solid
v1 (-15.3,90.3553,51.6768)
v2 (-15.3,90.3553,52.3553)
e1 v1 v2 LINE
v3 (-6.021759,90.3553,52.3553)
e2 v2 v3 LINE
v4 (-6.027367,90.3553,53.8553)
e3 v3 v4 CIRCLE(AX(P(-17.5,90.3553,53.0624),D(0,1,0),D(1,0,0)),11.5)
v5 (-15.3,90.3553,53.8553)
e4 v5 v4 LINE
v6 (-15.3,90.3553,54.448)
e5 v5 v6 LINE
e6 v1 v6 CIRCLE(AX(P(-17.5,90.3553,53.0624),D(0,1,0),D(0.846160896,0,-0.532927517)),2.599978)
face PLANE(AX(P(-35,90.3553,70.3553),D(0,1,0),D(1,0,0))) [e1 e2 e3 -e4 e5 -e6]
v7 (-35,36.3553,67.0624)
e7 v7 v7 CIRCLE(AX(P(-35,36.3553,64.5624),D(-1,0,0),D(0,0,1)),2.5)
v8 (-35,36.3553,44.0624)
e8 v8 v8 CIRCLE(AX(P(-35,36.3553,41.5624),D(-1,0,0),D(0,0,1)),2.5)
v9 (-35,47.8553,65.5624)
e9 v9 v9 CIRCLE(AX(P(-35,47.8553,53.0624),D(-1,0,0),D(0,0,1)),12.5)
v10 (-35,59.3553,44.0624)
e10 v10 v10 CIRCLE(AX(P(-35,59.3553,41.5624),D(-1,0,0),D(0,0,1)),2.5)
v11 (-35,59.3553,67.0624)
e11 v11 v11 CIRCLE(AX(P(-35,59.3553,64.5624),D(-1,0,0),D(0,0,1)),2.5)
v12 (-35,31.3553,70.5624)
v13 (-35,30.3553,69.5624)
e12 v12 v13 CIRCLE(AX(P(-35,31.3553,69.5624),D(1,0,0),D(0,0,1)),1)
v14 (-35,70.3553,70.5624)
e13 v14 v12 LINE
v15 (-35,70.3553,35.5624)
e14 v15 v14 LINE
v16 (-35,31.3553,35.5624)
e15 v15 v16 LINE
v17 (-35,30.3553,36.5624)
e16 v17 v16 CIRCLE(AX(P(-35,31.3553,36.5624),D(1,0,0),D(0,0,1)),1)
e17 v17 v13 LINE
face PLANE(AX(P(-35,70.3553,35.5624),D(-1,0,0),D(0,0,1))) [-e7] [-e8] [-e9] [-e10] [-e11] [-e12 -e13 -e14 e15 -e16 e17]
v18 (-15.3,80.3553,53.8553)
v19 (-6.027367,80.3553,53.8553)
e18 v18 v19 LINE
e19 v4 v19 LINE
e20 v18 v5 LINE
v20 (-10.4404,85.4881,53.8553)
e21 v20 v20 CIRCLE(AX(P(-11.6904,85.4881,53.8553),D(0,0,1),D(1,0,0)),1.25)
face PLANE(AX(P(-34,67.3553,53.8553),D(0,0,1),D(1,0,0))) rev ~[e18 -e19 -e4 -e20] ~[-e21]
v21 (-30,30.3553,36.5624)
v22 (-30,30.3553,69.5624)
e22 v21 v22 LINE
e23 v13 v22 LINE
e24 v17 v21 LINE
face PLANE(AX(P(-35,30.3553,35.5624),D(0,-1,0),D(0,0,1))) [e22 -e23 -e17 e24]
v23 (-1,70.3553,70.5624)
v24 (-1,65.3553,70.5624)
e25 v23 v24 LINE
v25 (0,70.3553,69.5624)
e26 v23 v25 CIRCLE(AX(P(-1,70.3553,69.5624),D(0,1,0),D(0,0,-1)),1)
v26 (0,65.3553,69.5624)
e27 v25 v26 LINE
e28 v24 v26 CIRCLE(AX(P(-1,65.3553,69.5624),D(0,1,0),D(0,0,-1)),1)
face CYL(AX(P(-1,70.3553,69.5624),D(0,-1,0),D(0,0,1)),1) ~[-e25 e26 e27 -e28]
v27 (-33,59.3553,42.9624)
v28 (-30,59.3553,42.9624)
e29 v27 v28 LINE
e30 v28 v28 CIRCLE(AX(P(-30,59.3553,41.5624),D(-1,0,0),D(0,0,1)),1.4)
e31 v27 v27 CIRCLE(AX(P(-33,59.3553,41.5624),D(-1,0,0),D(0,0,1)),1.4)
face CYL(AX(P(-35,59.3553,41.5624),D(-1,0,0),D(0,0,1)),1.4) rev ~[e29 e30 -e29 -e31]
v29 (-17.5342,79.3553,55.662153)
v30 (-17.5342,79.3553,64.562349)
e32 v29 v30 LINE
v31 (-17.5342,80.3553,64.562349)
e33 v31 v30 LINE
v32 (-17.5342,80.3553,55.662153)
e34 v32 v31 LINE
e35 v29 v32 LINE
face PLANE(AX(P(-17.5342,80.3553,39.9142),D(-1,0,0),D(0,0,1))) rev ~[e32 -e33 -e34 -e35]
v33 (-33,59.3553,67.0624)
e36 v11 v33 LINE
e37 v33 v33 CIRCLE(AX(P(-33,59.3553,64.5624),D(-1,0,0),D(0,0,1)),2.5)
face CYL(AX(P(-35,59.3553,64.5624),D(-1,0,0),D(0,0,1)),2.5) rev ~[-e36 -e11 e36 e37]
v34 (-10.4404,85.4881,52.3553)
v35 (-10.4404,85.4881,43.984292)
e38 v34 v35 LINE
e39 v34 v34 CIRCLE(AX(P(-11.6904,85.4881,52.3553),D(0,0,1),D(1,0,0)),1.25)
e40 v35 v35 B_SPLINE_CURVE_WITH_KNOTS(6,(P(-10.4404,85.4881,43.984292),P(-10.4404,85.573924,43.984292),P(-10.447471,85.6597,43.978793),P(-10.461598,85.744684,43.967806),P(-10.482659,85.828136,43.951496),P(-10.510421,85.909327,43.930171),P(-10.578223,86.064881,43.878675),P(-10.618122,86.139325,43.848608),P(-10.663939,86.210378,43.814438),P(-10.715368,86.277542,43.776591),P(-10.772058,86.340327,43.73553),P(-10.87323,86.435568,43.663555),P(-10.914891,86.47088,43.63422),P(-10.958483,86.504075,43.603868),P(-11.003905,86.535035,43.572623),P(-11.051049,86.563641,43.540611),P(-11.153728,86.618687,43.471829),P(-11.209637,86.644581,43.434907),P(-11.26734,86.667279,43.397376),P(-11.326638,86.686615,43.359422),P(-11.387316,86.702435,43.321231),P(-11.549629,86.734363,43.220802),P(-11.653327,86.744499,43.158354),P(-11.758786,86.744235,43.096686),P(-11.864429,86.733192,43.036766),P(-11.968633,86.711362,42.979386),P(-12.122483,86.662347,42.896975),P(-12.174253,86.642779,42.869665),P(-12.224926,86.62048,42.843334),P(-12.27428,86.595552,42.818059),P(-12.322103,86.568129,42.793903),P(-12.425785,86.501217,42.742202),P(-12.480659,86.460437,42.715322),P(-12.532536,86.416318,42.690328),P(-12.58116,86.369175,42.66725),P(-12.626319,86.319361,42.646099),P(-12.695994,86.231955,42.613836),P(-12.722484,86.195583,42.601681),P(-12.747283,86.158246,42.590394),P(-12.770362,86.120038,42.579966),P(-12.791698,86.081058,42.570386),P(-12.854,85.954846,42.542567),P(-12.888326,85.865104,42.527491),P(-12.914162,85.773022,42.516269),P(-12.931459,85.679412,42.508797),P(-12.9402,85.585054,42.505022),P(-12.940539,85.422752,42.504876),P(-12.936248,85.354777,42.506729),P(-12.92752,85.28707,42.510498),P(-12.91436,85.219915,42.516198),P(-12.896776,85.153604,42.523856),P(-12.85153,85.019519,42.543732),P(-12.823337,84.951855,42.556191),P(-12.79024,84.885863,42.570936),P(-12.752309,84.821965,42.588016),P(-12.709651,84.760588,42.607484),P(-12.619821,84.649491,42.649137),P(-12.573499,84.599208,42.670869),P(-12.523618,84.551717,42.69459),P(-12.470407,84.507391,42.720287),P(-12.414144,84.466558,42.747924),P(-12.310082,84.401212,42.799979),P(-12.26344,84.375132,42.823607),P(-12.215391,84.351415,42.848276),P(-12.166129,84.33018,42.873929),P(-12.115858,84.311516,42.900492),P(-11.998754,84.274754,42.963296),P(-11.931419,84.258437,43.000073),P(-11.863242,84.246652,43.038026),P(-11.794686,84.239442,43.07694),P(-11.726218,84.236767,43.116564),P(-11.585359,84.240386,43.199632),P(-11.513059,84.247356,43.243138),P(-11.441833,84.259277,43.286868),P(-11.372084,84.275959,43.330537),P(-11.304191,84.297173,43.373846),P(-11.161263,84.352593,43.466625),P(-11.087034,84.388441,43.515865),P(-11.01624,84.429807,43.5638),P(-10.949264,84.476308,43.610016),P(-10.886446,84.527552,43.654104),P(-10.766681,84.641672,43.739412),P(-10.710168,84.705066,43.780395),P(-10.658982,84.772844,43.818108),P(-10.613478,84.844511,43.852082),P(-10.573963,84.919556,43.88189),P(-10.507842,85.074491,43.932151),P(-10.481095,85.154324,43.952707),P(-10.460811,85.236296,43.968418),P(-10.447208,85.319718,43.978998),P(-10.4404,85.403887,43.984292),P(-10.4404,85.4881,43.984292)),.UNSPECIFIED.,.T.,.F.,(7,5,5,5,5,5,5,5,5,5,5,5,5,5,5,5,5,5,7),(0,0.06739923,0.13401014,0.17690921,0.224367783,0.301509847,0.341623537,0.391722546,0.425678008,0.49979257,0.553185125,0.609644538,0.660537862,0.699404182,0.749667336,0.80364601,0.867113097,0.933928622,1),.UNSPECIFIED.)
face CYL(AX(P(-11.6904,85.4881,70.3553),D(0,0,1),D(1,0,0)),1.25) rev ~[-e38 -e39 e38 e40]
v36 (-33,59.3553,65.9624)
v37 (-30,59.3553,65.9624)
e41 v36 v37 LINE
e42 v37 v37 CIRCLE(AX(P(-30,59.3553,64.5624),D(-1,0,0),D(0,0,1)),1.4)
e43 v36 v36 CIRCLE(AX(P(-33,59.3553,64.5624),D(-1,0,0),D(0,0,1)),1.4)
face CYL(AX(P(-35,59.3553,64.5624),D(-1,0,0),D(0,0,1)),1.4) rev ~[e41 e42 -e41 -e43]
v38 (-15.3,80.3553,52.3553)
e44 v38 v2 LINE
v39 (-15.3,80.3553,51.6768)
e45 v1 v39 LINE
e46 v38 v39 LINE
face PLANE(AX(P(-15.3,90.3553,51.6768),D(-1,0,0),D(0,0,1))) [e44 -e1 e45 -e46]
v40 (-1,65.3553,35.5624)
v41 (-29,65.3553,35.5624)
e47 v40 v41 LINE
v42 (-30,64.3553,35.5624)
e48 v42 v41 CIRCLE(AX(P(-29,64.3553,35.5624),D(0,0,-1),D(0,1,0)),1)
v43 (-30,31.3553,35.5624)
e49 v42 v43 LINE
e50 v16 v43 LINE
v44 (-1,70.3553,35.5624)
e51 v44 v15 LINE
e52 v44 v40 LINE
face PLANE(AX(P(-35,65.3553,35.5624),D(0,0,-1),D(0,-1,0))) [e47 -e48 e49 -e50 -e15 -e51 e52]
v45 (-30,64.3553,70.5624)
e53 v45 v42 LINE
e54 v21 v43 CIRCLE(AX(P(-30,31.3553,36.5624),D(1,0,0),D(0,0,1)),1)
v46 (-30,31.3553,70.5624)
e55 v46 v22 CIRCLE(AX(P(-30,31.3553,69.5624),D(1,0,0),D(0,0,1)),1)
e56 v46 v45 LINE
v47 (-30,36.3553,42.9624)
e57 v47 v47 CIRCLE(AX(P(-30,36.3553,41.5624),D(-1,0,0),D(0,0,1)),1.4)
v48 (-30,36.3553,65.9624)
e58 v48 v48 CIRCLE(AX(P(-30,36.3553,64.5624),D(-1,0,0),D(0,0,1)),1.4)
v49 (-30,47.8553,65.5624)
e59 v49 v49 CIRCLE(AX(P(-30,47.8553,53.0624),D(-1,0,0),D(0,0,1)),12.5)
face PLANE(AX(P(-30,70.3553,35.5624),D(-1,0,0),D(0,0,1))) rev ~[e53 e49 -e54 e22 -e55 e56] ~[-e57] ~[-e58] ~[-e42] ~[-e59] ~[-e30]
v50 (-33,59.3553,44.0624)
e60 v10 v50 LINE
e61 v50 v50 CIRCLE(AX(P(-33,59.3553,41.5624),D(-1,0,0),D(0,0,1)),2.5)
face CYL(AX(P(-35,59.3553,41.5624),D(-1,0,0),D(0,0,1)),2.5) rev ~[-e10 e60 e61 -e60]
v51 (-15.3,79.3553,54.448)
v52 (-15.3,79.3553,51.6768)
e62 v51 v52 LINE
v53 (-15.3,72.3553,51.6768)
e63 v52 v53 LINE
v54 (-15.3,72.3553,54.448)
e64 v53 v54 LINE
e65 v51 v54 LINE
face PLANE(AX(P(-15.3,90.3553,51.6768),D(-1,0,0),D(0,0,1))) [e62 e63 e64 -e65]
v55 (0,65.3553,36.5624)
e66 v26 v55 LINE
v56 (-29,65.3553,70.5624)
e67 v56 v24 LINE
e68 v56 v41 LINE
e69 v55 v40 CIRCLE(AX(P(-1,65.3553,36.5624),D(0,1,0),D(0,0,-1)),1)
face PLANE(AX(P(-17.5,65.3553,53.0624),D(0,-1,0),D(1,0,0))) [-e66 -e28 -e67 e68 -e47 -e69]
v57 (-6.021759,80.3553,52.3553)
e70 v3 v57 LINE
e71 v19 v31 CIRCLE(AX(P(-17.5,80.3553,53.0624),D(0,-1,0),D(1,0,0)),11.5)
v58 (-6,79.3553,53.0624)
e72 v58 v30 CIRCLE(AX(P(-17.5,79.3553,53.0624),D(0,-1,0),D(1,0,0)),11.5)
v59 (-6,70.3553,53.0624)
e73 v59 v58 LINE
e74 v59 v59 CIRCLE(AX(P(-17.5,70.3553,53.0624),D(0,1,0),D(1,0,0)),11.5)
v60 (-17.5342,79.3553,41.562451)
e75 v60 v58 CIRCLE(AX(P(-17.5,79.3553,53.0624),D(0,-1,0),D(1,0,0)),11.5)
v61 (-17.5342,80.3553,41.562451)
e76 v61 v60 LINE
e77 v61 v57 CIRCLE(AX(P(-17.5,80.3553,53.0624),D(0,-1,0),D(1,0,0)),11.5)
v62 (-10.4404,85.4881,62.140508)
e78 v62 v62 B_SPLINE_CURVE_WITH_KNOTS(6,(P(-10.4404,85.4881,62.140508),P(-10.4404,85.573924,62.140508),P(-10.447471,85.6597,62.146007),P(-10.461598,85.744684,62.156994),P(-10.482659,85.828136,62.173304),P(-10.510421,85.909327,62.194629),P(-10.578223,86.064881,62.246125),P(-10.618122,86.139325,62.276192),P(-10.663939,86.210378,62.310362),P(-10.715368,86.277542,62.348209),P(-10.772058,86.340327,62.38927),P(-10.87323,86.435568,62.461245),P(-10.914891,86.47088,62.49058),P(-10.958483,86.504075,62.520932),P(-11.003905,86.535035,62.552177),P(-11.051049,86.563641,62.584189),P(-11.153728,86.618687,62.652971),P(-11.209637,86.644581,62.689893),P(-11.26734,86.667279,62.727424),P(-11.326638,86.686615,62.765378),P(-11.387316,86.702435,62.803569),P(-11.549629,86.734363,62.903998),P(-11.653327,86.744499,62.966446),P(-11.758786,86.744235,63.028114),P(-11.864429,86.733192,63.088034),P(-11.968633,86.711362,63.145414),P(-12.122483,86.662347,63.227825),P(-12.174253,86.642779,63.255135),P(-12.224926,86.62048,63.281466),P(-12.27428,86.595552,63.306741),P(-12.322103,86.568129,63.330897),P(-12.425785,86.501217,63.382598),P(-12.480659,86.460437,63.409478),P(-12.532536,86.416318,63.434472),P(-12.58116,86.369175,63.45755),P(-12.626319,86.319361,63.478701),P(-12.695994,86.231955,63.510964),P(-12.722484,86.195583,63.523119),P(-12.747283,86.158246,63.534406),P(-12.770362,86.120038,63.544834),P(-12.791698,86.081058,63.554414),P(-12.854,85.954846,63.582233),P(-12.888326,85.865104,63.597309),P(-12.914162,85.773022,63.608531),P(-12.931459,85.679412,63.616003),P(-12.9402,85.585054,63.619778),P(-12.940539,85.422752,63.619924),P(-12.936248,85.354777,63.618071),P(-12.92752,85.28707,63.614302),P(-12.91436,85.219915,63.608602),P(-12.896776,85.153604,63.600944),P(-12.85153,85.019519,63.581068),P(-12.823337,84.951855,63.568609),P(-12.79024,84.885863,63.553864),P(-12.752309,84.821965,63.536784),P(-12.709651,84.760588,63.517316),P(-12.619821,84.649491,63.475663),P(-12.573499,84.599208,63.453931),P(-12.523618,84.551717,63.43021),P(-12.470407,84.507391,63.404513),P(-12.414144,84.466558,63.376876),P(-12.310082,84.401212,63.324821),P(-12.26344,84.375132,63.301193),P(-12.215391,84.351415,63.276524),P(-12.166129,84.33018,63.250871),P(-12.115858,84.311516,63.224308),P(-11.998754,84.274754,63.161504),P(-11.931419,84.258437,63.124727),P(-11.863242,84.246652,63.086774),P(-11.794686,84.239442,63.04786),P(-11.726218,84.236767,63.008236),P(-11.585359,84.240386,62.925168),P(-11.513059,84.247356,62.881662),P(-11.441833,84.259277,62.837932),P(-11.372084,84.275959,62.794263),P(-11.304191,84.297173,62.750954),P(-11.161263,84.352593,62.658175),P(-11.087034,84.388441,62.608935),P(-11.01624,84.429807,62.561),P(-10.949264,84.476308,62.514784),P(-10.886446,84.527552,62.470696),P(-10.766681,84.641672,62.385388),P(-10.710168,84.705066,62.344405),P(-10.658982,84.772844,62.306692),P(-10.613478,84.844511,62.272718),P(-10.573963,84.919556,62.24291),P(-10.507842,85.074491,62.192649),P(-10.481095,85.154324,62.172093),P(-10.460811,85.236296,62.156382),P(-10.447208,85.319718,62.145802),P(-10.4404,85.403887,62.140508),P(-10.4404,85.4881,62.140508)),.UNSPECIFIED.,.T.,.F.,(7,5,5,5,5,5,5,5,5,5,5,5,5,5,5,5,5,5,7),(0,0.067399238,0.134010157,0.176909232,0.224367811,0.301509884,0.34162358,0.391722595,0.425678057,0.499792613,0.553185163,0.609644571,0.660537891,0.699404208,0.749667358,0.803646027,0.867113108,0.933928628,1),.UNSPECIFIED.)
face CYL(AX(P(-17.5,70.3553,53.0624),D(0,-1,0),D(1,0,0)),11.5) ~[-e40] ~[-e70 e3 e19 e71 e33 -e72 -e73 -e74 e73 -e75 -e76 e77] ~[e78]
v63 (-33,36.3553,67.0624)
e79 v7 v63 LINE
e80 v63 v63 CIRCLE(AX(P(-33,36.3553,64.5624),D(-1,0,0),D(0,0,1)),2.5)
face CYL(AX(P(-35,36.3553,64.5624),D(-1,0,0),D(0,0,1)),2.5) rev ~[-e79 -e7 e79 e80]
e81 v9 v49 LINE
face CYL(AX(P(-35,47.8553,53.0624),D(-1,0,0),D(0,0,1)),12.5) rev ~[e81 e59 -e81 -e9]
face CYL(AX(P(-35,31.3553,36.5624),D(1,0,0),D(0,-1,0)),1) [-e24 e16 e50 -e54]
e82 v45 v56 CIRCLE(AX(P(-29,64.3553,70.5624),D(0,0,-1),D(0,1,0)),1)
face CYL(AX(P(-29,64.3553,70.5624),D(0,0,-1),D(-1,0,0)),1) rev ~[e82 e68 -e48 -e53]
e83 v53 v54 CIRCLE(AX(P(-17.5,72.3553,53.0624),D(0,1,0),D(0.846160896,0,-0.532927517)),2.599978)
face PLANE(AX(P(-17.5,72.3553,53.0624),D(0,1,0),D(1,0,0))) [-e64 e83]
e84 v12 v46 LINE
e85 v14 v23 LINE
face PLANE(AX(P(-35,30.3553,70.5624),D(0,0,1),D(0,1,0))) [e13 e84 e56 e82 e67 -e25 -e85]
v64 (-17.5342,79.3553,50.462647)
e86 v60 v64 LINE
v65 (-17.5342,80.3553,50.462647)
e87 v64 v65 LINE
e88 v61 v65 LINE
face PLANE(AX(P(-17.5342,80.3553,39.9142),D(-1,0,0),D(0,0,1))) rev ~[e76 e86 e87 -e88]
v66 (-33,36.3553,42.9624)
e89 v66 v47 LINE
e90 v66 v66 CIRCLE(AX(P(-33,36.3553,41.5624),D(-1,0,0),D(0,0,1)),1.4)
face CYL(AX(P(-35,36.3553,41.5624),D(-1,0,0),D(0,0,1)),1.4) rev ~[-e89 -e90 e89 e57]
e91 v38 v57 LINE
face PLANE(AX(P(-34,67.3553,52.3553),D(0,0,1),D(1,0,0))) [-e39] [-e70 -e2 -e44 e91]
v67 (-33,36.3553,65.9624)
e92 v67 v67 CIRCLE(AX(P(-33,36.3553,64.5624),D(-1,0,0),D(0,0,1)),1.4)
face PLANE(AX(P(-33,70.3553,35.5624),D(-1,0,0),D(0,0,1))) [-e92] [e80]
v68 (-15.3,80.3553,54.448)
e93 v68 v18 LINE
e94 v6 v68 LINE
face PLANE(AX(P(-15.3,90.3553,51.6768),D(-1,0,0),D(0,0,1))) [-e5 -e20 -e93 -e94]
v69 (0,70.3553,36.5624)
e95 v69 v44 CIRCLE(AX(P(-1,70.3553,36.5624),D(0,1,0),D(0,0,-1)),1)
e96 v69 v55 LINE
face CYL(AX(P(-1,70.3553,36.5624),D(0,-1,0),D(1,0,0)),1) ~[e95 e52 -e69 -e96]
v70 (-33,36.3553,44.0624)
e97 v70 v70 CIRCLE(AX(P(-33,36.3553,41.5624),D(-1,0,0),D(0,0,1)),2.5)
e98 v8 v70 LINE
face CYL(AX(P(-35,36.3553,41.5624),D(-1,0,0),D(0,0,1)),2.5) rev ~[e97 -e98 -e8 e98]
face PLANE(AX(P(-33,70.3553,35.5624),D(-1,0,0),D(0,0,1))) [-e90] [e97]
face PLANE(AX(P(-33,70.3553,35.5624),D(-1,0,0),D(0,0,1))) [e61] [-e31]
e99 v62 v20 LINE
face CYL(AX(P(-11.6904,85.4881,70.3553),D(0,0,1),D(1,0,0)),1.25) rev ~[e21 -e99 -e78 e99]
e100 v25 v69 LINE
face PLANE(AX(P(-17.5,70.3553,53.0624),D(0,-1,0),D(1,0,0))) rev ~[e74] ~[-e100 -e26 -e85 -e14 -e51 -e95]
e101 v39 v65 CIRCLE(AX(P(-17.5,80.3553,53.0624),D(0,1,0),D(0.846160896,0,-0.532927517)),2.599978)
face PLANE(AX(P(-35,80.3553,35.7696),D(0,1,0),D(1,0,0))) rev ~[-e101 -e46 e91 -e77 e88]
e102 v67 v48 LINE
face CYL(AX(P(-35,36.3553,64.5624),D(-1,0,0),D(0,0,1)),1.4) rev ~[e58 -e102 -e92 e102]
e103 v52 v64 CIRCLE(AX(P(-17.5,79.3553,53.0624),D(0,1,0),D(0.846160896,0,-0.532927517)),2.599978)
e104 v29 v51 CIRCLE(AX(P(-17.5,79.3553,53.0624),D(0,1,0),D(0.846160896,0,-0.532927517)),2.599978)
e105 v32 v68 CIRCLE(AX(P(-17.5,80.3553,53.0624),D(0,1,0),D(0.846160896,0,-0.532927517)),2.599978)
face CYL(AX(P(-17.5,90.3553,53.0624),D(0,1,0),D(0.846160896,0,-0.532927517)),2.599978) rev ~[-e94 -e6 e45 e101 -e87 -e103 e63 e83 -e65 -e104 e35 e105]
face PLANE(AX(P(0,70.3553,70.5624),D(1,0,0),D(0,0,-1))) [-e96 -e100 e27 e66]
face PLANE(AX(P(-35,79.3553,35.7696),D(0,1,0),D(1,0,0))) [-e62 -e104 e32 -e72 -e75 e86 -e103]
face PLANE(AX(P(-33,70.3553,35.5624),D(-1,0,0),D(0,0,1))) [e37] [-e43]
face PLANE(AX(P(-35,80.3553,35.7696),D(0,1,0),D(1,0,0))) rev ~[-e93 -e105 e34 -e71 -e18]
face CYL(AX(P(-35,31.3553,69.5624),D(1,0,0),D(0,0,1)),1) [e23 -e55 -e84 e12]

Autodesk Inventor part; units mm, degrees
ref_plane "Arbeitsebene10" through (-35, 70.3553, 70.3553) normal (0, 1, 0) x (1, 0, 0)
sketch "Skizze7" plane through (-35, 70.3553, 70.3553) normal (0, 1, 0) x (1, 0, 0)
  circle A0 centre (17.5, 17.2929) radius 11.5
  point P0 (35, 70.3553)
  dimension "d32" = 23
extrude "Achshalter" add sketch "Skizze7" along normal blind 20
ref_plane "Arbeitsebene11" through (-17.5, 90.3553, 53.0624) normal (0, 1, 0) x (1, 0, 0)
sketch "Skizze16" plane through (-17.5, 90.3553, 53.0624) normal (0, 1, 0) x (1, 0, 0)
  circle A0 centre (0, 0) radius 11.5 projected
  arc A1 (2.2, 1.3856) -> (2.2, -1.3856) centre (0, 0) ccw
  line L0 (2.2, 1.3856) -> (2.2, -1.3856)
  point P0 (17.5, 53.0624)
  dimension "d54" = 5.2
  dimension "d55" = 2.2
extrude "Extrusion11" cut sketch "Skizze16" against normal blind 18 contours L0 A1
ref_plane "Arbeitsebene2" through (-35, 80.3553, 35.7696) normal (0, 1, 0) x (1, 0, 0)
sketch "Skizze17" plane through (-35, 80.3553, 35.7696) normal (0, 1, 0) x (1, 0, 0)
  line L0 (30.7802, -4.1446) -> (17.4658, -4.1446)
  line L1 (17.4658, -4.1446) -> (17.4658, -31.1746)
  line L2 (17.4658, -31.1746) -> (30.7802, -31.1746)
  line L3 (30.7802, -31.1746) -> (30.7802, -4.1446)
  point P0 (35, 35.7696)
extrude "Extrusion12" cut sketch "Skizze17" against normal blind 1
ref_plane "Arbeitsebene16" through (-34, 67.3553, 52.8553) normal (0, 0, 1) x (1, 0, 0)
sketch "Skizze18" plane through (-34, 67.3553, 52.8553) normal (0, 0, 1) x (1, 0, 0)
  line L0 (29.7456, 25.5785) -> (16.4577, 25.5785)
  line L1 (16.4577, 25.5785) -> (16.4577, 12.5204)
  line L2 (16.4577, 12.5204) -> (29.7456, 12.5204)
  line L3 (29.7456, 12.5204) -> (29.7456, 25.5785)
  point P0 (34, -67.3553)
extrude "Extrusion13" cut sketch "Skizze18" along normal blind 1 and the other way blind 0.5
ref_plane "Arbeitsebene17" through (-34, 67.3553, 70.3553) normal (0, 0, 1) x (1, 0, 0)
sketch "Skizze19" plane through (-34, 67.3553, 70.3553) normal (0, 0, 1) x (1, 0, 0)
  circle A0 centre (22.3096, 18.1328) radius 1.25
  point P0 (34, -67.3553)
  dimension "d67" = 2.5
extrude "Extrusion14" cut sketch "Skizze19" against normal blind 35
sketch "Skizze24" plane through (-17.5, 70.3553, 53.0624) normal (0, -1, 0) x (1, 0, 0)
  line L0 (-17.5, 17.5) -> (17.5, 17.5)
  line L1 (17.5, 17.5) -> (17.5, -17.5)
  line L2 (17.5, -17.5) -> (-17.5, -17.5)
  line L3 (-17.5, -17.5) -> (-17.5, 17.5)
  point P0 (0, 0)
  point P1 (17.5, -53.0624)
  dimension "d90" = 35
  dimension "d91" = 35
  dimension "d92" = 17.5
  dimension "d93" = 17.5
extrude "Extrusion17" add sketch "Skizze24" along normal blind 5
sketch "Skizze25" plane through (-35, 70.3553, 35.5624) normal (-1, 0, 0) x (0, 0, 1)
  line L0 (35, -5) -> (0, -5)
  line L1 (0, -5) -> (0, -40)
  line L2 (0, -40) -> (35, -40)
  line L3 (35, -40) -> (35, -5)
  point P0 (-35.5624, -70.3553)
  dimension "d96" = 35
  dimension "d97" = 35
extrude "Extrusion18" add sketch "Skizze25" against normal blind 5
fillet "Rundung14" radius 1 1 edges at (-30, 65.3553, 53.0624)
fillet "Rundung15" radius 1 4 edges at (0, 67.8553, 70.5624) (0, 67.8553, 35.5624) (-32.5, 30.3553, 35.5624) (-32.5, 30.3553, 70.5624)
sketch "Skizze26" plane through (-35, 70.3553, 35.5624) normal (-1, 0, 0) x (0, 0, 1)
  line L0 (1, -40) -> (34, -40) projected
  circle A0 centre (17.5, -22.5) radius 12.5
  point P0 (-35.5624, -70.3553)
  dimension "d102" = 25
  dimension "d103" = 17.5
extrude "Extrusion19" cut sketch "Skizze26" against normal up to surface (5 mm away)
sketch "Skizze27" plane through (-35, 70.3553, 35.5624) normal (-1, 0, 0) x (0, 0, 1)
  circle A0 centre (29, -34) radius 1.4
  circle A1 centre (29, -11) radius 1.4
  circle A2 centre (6, -11) radius 1.4
  circle A3 centre (6, -34) radius 1.4
  point P0 (-35.5624, -70.3553)
  dimension "d106" = 2.8
  dimension "d107" = 2.8
  dimension "d108" = 2.8
  dimension "d109" = 2.8
  dimension "d110" = 23
  dimension "d111" = 23
  dimension "d112" = 23
  dimension "d113" = 23
extrude "Extrusion20" cut sketch "Skizze27" against normal up to surface (5 mm away)
sketch "Skizze28" plane through (-35, 70.3553, 35.5624) normal (-1, 0, 0) x (0, 0, 1)
  circle A0 centre (29, -34) radius 1.4 projected
  circle A1 centre (29, -11) radius 1.4 projected
  circle A2 centre (6, -34) radius 1.4 projected
  circle A3 centre (6, -11) radius 1.4 projected
  circle A4 centre (29, -11) radius 2.5
  circle A5 centre (29, -34) radius 2.5
  circle A6 centre (6, -11) radius 2.5
  circle A7 centre (6, -34) radius 2.5
  point P0 (-35.5624, -70.3553)
  dimension "d116" = 5
  dimension "d117" = 5
  dimension "d118" = 5
  dimension "d119" = 5
extrude "Extrusion21" cut sketch "Skizze28" against normal blind 2
properties part number "zweifach nema v2"
